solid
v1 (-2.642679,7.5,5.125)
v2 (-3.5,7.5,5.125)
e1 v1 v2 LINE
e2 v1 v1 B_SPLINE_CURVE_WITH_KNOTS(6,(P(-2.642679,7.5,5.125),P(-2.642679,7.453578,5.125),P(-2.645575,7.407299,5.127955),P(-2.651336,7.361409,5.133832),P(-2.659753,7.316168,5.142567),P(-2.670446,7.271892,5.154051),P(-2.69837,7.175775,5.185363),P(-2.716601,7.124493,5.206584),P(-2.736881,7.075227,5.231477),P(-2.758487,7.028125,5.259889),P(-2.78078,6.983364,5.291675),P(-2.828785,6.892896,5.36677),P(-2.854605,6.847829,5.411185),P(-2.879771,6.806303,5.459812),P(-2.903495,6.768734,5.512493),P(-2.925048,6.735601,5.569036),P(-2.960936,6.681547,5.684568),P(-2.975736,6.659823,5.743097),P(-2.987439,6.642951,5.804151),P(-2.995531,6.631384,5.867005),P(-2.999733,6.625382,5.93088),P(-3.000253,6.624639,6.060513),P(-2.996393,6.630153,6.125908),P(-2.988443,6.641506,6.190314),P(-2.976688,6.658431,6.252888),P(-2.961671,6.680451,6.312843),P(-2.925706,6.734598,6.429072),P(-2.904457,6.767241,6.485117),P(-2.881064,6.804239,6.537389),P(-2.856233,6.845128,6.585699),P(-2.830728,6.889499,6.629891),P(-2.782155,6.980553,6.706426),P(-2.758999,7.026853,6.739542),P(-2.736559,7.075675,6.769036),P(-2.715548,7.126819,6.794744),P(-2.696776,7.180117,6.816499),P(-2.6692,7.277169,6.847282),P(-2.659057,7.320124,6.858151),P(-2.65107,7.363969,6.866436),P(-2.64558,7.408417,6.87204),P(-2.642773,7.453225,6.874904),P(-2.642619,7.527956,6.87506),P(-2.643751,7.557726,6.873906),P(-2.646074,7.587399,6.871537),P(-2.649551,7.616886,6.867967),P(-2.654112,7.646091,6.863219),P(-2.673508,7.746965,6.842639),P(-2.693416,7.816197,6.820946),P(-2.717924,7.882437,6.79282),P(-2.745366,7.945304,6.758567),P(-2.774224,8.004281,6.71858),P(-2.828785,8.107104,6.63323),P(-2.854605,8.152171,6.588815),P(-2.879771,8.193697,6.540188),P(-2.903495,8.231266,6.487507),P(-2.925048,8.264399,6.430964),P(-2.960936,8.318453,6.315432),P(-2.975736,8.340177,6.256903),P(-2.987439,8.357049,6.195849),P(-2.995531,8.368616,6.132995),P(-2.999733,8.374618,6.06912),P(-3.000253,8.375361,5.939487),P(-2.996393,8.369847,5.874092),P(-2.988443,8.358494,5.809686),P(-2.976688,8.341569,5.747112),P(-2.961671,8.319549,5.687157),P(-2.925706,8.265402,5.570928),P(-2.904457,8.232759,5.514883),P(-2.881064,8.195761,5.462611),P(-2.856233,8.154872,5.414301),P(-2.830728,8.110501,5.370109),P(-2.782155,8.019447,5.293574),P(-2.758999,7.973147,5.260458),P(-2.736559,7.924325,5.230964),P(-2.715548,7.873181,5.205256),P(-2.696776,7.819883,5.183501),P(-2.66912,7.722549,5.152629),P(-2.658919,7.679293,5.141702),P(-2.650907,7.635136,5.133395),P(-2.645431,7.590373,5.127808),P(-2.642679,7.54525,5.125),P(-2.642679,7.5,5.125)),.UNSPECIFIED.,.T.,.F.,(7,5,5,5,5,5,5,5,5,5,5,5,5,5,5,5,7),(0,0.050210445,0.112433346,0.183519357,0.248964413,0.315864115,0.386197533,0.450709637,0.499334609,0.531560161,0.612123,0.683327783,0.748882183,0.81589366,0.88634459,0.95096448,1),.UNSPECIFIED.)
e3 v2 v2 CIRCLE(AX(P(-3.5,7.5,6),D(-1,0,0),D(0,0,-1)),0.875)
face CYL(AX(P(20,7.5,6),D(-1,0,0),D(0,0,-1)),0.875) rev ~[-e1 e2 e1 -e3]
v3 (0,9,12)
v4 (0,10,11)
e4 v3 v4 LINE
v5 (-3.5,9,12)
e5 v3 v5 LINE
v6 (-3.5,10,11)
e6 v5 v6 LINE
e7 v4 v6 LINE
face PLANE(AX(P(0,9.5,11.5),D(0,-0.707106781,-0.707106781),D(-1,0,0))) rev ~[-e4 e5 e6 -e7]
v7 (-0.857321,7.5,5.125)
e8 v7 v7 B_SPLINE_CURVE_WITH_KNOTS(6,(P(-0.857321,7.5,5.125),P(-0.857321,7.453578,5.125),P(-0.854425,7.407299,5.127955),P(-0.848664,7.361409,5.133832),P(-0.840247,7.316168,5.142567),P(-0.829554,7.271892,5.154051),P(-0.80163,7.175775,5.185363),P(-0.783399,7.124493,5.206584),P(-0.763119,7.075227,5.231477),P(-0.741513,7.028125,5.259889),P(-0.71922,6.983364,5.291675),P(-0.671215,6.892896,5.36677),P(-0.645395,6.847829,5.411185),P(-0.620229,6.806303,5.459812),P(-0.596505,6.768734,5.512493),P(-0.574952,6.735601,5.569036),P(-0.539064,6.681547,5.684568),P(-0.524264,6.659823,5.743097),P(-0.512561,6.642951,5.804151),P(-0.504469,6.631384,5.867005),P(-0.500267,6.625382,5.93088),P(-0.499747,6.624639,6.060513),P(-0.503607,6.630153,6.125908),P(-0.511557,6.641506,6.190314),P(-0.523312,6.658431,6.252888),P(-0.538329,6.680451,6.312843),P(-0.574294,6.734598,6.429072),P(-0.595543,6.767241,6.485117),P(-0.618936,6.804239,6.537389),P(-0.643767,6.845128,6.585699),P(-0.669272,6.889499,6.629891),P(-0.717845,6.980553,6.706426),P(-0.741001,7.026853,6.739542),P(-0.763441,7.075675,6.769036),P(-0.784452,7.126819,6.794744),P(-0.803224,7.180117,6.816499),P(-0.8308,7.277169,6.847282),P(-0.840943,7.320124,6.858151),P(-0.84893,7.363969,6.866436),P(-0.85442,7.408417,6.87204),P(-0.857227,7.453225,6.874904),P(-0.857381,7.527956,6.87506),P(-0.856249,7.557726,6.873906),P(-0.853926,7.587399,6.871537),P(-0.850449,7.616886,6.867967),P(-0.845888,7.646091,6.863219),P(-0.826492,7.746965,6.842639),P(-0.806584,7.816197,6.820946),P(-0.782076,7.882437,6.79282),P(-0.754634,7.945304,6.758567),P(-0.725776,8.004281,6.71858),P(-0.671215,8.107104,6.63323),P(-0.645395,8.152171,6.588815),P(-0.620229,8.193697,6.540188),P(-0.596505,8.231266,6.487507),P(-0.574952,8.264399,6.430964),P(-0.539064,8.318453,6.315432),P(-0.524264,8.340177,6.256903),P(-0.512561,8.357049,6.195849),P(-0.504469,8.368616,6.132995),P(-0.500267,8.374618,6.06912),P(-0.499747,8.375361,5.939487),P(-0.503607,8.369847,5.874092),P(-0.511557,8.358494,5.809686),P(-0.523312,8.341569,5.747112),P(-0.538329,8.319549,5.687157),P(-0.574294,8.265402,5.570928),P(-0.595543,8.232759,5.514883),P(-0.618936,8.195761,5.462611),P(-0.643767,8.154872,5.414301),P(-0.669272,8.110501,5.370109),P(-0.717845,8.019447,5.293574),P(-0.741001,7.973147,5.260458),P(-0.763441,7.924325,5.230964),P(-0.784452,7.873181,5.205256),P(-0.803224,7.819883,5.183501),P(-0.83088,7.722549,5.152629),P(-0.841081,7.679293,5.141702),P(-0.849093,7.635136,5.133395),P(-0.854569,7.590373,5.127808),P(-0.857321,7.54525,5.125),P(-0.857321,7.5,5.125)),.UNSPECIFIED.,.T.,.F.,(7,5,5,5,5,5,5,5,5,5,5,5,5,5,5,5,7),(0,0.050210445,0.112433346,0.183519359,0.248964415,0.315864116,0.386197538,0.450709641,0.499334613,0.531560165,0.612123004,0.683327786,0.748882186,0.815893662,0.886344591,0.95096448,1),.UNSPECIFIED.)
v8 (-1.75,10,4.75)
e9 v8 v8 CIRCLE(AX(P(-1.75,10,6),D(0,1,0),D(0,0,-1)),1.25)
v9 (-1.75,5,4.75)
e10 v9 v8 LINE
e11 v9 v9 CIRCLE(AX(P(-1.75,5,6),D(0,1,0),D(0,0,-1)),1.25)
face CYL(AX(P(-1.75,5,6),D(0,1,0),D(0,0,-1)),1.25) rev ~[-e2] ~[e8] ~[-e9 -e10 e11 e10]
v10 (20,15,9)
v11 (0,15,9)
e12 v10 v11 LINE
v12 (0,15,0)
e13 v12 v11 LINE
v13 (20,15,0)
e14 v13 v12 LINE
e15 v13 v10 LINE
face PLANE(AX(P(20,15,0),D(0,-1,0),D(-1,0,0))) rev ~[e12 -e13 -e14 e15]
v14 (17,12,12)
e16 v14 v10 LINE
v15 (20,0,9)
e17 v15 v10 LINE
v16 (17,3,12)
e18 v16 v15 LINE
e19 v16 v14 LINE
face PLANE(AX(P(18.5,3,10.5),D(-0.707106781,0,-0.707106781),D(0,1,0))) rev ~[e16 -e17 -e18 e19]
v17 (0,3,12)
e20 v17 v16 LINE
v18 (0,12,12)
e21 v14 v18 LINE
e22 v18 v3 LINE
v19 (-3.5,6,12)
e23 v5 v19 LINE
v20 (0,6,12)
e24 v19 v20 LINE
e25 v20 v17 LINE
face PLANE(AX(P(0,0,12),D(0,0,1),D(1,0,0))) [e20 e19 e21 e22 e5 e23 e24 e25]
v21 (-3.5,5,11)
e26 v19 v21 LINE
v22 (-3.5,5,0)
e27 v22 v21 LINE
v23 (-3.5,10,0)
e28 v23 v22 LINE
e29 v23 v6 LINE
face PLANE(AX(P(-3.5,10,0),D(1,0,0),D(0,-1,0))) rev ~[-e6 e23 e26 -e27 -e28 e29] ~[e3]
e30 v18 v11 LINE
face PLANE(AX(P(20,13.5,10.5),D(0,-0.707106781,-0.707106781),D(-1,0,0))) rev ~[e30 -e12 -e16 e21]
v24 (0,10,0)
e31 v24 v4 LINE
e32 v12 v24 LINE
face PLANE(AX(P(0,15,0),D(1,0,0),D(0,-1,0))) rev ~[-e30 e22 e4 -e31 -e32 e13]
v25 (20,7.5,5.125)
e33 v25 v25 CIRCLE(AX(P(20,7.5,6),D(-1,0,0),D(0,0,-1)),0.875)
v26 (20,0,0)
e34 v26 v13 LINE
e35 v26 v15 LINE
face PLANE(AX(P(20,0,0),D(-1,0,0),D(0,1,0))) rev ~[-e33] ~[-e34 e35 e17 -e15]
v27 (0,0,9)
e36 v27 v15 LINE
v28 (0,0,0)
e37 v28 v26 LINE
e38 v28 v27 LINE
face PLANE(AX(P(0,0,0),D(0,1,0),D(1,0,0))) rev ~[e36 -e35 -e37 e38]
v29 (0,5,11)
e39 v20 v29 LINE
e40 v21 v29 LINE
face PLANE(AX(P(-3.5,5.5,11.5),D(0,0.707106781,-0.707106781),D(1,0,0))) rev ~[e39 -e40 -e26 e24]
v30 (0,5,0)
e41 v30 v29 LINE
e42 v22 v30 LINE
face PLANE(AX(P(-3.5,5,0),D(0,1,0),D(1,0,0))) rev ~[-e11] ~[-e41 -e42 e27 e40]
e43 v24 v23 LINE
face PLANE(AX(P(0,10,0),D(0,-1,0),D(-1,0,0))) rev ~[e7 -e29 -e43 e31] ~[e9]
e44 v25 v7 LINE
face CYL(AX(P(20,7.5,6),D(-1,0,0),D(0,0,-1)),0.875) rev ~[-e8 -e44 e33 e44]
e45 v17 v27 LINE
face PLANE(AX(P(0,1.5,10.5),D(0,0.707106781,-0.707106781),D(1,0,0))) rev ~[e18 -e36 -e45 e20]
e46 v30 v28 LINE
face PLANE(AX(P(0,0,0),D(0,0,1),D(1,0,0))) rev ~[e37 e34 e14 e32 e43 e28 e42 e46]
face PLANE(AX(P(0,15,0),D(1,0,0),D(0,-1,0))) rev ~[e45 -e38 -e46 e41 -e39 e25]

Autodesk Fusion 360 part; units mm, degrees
sketch "Sketch1" plane through (0, 0, 0) normal (0, 0, 1) x (1, 0, 0)
  line L0 (0, 0) -> (20, 0)
  line L1 (20, 0) -> (20, 15)
  line L2 (20, 15) -> (0, 15)
  line L3 (0, 15) -> (0, 0)
  dimension "d1" = 15
sketch "Sketch2" plane through (0, 0, 0) normal (0, 0, 1) x (1, 0, 0)
  line L0 (0, 10) -> (-3.5, 10)
  line L1 (-3.5, 10) -> (-3.5, 5)
  line L2 (-3.5, 5) -> (0, 5)
  line L3 (0, 5) -> (0, 10)
  dimension "d2" = 3.5
extrude "Extrude1" add sketch "Sketch1" sketch "Sketch2" along normal blind 12 of sketch 2
chamfer "Chamfer1" distance 3 angle 45 1 edges at (10, 0, 12)
chamfer "Chamfer2" distance 3 angle 45 1 edges at (10, 15, 12)
hole "Hole1" at (-1.75, 5, 6) direction (0, 1, 0) diameter 2.5 depth 9 tip angle 118
hole "Hole2" at (20, 7.5, 6) direction (-1, 0, 0) diameter 1.75 depth 38 tip angle 118
chamfer "Chamfer3" distance 3 angle 45 1 edges at (20, 7.5, 12)
chamfer "Chamfer4" distance 1 angle 45 2 edges at (-1.75, 5, 12) (-1.75, 10, 12)
